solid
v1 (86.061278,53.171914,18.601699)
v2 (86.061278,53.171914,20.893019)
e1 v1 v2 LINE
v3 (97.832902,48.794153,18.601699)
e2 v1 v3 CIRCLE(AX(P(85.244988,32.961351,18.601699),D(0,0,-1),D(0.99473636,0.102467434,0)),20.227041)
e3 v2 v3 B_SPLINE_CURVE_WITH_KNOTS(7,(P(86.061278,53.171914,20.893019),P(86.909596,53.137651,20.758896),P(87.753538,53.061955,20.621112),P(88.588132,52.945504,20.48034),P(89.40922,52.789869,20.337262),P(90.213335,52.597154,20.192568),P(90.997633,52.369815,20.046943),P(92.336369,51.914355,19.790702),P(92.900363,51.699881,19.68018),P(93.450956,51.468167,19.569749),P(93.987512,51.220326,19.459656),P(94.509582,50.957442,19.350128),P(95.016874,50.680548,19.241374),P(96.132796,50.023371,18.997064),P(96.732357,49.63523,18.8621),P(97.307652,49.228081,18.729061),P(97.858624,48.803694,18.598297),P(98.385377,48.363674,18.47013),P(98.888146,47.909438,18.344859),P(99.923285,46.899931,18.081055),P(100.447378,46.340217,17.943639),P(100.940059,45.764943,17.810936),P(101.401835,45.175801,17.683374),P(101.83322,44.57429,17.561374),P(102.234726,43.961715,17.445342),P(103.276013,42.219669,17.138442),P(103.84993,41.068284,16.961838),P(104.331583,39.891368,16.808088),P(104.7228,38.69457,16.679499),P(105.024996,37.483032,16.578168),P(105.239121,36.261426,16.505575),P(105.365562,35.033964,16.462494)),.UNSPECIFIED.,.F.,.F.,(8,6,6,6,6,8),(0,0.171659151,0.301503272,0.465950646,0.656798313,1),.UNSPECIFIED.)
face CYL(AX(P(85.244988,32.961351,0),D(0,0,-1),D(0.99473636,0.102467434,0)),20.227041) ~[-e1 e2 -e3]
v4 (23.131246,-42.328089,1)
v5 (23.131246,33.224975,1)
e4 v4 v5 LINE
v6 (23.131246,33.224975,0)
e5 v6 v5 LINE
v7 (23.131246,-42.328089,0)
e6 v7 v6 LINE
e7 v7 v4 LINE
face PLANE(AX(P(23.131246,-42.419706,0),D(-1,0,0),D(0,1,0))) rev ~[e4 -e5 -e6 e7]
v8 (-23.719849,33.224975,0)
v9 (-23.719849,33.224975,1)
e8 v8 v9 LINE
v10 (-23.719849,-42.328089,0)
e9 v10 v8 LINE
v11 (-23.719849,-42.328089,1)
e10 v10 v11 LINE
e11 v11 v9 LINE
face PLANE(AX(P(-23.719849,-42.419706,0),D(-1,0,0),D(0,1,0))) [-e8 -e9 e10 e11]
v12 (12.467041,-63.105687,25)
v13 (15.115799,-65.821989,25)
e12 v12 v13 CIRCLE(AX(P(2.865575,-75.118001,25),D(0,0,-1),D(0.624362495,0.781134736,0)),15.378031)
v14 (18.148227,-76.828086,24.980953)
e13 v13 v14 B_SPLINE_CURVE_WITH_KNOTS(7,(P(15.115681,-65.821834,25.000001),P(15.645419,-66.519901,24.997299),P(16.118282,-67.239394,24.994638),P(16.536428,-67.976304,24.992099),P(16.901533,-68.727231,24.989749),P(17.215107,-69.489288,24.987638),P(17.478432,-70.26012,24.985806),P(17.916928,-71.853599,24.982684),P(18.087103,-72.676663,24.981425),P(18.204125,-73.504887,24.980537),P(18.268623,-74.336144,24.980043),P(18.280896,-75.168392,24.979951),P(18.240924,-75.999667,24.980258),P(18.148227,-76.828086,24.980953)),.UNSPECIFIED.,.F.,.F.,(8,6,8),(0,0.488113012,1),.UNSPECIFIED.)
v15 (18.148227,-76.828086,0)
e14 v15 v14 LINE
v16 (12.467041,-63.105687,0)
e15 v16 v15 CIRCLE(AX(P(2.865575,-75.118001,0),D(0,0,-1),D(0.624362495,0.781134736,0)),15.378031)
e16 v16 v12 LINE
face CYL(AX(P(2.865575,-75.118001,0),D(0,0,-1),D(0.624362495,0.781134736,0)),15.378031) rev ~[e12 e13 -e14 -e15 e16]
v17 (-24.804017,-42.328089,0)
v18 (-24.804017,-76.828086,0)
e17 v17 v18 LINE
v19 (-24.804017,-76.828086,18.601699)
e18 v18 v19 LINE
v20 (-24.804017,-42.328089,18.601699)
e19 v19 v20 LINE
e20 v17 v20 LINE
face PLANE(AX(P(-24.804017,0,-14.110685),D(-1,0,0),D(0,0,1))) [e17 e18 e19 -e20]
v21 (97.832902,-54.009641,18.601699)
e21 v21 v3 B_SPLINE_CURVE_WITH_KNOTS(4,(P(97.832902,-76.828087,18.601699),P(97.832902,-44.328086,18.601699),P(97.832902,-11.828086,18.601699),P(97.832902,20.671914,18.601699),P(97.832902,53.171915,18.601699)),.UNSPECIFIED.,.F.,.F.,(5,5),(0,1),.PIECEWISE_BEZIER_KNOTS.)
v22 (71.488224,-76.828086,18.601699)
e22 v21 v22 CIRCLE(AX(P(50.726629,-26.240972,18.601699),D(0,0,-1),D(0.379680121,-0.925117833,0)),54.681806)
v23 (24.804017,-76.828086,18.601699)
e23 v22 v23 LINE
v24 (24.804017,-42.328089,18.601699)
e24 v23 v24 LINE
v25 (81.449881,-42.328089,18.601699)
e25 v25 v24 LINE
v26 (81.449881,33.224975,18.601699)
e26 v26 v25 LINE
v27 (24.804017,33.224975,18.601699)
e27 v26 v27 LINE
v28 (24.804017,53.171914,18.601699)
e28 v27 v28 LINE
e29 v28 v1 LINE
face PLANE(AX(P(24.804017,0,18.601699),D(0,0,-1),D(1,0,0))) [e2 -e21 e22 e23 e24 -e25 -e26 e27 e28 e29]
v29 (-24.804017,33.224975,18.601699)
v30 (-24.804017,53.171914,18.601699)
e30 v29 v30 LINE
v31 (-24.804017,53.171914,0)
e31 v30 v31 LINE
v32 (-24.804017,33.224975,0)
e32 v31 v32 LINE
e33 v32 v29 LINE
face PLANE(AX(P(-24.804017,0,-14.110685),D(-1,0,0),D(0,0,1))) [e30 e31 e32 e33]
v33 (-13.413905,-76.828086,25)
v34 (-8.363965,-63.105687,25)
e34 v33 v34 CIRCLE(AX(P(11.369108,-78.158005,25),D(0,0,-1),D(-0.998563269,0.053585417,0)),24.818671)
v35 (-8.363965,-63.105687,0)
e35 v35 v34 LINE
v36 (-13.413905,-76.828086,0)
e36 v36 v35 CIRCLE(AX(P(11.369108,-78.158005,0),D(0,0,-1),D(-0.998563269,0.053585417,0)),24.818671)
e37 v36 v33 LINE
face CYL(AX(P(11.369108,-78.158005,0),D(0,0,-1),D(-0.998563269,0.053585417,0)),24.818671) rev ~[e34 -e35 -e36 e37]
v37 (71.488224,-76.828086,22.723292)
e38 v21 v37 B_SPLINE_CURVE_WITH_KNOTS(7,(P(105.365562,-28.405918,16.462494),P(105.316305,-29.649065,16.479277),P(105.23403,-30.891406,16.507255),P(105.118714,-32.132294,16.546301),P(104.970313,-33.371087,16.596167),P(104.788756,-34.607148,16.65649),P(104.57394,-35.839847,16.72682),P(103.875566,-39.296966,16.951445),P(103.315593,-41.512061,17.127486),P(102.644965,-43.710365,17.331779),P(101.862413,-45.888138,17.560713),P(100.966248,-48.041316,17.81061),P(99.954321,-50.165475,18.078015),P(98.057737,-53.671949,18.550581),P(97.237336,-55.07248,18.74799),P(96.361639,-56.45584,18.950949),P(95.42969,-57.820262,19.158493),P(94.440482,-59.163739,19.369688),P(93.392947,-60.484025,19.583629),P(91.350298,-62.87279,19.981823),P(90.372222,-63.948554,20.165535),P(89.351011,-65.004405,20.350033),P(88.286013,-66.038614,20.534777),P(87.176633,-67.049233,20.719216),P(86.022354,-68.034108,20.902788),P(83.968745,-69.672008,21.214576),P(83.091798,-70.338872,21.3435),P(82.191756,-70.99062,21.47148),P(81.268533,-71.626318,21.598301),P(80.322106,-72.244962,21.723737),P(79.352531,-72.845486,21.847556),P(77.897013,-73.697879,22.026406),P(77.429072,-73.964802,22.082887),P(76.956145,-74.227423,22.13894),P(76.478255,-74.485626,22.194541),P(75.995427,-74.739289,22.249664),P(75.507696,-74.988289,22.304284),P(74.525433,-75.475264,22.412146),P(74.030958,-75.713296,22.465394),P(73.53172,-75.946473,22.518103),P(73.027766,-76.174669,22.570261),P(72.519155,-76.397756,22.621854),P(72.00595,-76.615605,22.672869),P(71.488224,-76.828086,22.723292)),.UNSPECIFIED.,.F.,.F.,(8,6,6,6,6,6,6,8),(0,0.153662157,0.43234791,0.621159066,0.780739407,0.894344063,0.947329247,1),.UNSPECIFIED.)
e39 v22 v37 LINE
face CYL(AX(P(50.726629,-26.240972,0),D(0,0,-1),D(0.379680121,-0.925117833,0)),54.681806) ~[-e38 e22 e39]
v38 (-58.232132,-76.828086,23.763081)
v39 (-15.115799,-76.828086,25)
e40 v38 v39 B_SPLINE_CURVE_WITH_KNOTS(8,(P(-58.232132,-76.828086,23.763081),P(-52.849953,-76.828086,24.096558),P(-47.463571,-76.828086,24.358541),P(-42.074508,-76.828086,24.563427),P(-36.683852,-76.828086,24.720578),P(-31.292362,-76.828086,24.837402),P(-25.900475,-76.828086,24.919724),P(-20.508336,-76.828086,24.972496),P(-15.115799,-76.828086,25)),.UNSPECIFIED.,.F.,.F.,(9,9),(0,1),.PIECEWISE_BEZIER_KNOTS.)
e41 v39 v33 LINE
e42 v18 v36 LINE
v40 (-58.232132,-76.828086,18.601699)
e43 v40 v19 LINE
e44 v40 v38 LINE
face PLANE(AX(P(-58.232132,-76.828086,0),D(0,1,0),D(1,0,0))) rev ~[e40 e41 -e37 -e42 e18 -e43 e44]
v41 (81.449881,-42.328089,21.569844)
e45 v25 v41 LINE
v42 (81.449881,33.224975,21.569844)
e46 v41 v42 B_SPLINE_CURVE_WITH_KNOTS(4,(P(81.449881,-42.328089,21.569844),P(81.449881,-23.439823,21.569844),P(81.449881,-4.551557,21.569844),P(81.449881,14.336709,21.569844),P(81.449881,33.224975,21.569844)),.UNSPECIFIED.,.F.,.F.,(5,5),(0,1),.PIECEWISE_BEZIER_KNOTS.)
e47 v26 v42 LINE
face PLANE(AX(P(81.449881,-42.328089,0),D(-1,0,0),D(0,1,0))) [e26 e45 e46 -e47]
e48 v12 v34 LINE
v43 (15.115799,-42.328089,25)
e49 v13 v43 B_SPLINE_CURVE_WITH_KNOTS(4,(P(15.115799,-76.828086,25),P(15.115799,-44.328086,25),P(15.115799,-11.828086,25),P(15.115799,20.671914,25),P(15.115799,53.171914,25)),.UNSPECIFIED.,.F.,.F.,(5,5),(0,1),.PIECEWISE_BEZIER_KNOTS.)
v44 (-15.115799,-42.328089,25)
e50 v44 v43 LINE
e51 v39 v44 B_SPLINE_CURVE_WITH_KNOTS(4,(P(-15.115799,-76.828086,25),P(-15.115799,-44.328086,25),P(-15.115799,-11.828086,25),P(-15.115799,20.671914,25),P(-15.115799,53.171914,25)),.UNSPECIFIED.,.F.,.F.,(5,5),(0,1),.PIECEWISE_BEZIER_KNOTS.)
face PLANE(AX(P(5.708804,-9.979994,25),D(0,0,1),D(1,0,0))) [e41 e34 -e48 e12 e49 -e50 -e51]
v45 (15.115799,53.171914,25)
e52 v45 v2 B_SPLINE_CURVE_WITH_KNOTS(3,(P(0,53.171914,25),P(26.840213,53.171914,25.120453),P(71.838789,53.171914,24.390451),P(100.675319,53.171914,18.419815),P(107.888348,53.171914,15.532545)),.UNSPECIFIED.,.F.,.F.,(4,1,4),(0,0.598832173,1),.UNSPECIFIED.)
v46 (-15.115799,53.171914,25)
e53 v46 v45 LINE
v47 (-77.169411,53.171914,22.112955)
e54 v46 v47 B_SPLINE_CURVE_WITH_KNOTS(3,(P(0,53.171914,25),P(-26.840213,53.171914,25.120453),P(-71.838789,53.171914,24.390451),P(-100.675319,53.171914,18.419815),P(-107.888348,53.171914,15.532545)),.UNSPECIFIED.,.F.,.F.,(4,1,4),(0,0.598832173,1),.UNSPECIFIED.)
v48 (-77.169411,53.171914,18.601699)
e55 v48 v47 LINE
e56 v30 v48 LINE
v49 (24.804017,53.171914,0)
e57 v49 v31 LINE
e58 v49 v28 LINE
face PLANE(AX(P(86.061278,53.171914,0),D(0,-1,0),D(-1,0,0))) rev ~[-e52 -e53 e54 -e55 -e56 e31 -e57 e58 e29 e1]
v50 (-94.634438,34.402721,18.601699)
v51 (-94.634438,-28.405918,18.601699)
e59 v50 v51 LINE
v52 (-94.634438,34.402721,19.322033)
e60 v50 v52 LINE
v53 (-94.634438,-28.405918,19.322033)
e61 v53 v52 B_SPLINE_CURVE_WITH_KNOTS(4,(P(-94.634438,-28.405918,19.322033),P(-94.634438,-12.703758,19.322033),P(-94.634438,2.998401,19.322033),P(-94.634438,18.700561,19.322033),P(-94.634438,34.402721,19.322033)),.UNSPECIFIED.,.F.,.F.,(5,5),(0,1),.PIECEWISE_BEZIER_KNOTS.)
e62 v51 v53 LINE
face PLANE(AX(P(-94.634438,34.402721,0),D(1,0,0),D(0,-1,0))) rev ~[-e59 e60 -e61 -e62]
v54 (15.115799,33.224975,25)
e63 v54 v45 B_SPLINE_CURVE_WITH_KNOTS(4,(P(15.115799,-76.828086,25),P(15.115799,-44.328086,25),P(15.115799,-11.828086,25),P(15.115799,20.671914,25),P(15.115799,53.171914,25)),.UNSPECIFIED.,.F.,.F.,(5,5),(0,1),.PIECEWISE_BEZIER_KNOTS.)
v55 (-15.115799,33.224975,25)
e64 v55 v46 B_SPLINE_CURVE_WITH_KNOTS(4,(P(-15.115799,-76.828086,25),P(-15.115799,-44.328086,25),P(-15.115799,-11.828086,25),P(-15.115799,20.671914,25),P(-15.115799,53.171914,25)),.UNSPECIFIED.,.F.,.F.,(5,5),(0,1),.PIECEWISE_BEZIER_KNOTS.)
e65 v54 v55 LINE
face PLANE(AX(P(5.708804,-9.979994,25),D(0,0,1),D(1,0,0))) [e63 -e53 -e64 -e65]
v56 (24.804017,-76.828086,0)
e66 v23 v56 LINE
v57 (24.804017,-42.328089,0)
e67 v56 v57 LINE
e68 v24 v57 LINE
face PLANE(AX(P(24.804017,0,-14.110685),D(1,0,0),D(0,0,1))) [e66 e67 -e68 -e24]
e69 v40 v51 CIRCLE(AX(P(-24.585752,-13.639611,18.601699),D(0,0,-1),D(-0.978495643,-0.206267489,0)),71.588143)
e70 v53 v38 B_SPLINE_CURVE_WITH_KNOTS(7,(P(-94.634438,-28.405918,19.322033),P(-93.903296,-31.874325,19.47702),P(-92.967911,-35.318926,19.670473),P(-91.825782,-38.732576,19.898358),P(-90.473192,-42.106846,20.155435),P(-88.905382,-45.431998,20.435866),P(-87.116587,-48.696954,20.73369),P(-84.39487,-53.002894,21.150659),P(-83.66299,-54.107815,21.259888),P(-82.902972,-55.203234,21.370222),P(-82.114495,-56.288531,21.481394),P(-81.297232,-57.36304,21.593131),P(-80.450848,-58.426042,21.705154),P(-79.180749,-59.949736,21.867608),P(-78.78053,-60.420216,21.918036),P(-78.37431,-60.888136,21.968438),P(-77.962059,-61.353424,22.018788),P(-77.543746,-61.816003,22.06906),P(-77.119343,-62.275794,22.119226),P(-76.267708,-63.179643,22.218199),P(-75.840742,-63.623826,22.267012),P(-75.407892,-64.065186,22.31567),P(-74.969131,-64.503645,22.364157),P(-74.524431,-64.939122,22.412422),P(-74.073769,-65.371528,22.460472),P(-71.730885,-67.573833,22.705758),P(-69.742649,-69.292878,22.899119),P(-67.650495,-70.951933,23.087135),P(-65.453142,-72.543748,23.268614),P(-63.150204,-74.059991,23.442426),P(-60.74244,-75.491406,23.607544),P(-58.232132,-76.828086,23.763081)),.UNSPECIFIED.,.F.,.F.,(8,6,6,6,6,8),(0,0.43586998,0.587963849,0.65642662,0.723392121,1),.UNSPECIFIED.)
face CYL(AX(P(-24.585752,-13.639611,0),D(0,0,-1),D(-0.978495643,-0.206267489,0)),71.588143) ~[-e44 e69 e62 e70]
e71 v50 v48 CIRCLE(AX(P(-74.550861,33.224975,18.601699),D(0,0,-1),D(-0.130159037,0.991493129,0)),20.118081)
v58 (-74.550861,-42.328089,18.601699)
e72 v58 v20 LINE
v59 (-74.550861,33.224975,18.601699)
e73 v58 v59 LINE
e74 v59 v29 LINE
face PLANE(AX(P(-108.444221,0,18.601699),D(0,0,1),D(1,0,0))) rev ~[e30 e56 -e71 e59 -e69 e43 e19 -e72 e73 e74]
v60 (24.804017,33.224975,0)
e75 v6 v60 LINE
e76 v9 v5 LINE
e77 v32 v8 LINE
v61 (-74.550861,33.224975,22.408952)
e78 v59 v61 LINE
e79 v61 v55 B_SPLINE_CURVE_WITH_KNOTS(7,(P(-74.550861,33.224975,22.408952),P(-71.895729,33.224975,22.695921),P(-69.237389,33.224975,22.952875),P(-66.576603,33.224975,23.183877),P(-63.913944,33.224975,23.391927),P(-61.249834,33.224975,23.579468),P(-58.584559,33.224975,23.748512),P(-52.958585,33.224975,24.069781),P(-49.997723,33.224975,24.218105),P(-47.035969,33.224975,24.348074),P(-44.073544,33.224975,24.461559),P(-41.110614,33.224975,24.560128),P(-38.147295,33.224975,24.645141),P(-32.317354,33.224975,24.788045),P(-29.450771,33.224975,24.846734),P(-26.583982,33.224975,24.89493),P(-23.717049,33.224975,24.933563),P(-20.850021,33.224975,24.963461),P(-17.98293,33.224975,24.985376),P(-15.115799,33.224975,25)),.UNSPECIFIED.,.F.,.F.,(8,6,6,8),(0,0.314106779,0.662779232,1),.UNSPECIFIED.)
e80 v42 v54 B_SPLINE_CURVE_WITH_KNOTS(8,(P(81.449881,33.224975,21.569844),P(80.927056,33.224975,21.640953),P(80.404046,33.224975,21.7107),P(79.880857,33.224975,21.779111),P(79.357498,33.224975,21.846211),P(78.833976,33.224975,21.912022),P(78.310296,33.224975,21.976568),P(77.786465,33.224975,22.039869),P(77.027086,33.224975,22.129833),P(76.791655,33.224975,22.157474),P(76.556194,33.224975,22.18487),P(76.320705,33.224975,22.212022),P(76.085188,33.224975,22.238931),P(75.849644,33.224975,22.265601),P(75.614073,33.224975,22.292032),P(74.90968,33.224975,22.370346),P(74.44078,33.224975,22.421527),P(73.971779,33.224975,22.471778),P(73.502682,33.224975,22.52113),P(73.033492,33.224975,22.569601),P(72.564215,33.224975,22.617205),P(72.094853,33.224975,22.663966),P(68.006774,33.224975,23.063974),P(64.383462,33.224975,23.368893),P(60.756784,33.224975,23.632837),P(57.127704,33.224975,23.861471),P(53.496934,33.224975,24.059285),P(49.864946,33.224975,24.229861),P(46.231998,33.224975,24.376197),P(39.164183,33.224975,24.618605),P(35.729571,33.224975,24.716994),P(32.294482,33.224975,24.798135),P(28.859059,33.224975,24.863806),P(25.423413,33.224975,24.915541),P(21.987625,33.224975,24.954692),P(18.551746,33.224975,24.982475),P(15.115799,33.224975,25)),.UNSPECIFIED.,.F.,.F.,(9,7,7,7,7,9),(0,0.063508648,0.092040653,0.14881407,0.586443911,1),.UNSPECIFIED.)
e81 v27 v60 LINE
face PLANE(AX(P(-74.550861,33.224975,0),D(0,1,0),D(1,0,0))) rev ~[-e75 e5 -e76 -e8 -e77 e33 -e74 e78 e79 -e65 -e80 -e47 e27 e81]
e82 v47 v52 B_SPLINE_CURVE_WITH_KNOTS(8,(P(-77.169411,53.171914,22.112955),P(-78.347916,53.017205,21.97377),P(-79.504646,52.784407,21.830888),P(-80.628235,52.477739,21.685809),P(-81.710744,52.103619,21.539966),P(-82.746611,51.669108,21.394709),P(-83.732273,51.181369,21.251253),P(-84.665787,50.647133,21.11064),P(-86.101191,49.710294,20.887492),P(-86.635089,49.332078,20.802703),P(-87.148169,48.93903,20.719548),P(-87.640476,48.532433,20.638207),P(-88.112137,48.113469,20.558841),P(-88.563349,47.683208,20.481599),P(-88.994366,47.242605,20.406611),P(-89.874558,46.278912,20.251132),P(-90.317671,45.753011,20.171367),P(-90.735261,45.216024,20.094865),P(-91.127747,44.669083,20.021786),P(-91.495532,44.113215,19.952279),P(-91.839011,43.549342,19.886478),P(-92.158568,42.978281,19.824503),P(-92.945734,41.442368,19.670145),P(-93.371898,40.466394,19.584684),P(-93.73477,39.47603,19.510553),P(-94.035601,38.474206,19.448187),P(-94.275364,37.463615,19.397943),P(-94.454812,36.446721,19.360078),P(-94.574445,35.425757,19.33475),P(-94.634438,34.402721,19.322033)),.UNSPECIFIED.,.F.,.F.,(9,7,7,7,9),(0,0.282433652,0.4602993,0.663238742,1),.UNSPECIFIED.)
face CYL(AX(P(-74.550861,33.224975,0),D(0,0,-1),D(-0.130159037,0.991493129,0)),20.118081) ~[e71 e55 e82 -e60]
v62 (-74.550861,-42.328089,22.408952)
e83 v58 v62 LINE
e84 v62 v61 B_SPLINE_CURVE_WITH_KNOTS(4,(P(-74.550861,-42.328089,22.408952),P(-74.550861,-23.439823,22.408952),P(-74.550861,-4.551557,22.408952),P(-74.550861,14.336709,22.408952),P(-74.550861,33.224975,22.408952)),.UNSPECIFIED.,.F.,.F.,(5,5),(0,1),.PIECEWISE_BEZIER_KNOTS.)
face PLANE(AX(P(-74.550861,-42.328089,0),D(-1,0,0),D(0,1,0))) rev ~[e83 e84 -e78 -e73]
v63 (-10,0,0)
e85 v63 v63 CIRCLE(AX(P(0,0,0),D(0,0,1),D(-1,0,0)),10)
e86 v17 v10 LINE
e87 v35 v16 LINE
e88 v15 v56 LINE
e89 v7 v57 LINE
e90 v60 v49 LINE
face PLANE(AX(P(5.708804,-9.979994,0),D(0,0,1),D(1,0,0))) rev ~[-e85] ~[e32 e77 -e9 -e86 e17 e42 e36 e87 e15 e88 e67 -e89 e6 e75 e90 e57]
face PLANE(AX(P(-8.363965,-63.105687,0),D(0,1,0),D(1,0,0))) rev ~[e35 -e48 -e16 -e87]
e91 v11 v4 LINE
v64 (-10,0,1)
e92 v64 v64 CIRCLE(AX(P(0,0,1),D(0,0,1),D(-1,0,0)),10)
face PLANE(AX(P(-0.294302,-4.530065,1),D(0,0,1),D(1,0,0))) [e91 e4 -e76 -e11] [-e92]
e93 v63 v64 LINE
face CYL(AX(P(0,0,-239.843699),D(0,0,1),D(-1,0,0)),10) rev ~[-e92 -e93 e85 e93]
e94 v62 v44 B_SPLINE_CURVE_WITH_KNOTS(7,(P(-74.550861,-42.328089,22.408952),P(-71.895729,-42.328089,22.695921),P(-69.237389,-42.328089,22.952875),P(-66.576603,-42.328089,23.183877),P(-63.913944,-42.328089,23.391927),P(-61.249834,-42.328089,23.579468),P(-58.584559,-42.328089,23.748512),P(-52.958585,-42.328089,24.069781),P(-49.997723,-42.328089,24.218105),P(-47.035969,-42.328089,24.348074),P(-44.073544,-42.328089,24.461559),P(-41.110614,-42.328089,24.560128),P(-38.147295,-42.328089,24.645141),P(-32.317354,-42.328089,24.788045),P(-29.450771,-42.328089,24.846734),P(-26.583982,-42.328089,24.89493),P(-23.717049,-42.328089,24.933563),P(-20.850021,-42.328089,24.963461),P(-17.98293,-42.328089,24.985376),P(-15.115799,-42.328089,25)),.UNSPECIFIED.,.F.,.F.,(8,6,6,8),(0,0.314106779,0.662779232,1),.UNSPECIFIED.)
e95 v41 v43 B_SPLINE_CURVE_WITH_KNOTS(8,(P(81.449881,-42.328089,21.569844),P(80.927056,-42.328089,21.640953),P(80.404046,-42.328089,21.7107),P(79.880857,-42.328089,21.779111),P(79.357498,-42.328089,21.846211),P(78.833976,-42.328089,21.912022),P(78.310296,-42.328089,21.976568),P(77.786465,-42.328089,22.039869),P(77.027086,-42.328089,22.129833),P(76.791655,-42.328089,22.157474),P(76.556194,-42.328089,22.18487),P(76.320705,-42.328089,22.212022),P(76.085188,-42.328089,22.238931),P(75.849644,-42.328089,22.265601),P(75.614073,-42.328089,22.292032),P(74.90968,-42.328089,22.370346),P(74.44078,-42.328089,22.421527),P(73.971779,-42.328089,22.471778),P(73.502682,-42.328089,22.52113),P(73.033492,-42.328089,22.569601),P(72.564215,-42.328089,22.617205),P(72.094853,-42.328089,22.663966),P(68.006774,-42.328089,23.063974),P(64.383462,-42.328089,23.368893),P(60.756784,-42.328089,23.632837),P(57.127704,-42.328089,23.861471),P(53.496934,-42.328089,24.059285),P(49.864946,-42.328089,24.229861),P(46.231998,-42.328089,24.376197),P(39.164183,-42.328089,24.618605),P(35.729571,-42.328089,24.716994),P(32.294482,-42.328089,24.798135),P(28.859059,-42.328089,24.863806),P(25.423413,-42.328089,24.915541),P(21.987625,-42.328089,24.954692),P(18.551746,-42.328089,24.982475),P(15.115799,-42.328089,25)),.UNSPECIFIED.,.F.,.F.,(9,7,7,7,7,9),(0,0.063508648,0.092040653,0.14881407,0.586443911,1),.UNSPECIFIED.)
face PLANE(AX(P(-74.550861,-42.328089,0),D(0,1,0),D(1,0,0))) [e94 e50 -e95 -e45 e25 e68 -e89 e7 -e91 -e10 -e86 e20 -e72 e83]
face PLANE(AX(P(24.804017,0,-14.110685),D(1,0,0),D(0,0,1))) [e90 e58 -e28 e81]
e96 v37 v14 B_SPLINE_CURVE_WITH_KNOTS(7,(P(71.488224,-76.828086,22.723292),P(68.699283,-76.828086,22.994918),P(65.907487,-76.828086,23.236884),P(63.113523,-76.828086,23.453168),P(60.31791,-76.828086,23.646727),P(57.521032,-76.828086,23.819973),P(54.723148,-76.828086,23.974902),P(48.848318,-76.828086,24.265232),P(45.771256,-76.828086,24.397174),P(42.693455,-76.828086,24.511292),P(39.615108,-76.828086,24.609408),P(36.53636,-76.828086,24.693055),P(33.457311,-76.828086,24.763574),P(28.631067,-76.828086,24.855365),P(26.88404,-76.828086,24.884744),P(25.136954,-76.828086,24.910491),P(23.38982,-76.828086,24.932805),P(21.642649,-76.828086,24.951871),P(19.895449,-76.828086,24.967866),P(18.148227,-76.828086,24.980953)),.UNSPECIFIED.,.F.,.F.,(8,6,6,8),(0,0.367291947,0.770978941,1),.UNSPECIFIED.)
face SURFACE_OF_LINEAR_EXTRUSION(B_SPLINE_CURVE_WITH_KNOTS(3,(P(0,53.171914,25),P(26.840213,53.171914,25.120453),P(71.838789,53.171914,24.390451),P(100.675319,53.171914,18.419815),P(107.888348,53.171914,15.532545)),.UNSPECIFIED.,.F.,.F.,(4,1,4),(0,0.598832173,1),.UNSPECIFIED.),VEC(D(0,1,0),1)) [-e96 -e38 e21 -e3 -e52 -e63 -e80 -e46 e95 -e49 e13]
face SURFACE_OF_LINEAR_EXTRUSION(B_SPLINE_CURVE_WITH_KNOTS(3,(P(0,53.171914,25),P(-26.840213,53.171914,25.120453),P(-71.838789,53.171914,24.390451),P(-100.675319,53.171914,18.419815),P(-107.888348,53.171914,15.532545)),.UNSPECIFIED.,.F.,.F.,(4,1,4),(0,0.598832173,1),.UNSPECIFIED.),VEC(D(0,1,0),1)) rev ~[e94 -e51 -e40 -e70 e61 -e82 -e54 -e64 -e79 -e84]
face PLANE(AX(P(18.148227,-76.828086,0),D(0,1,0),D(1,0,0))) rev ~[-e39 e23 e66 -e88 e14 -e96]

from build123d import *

# Parameters (mm, degrees)
F0_W     = 156.0007420911
F0_H     = 75.5530648724
F1_DEPTH = 25
F2_W     = 46.8510948122
F2_H     = 75.7792815566
F3_DEPTH = 1
F5_D     = 20
F7_DEPTH = 255
F8_W     = 83.6402047426
F8_H     = 32.7123841271
F9_DEPTH = 100


with BuildPart() as f1:
    # F0 (on Top) → F1 (new body)
    with BuildSketch(Plane.XY):
        with BuildLine():
            Line((84.4286978245, 53.1719140444), (-77.1694108844, 53.1719140444))
            ThreePointArc((-77.1694108844, 53.1719140444), (-89.2789735535, 46.929714102), (-94.6344383061, 34.4027206302))
            Line((-94.6344383061, 34.4027206302), (-94.6344383061, -28.4059178084))
            ThreePointArc((-94.6344383061, -28.4059178084), (-81.8076298673, -56.6572698383), (-58.2321323454, -76.8280859556))
            Line((-58.2321323454, -76.8280859556), (-13.4139051661, -76.8280859556))
            ThreePointArc((-13.4139051661, -76.8280859556), (-11.9224470417, -69.5865469722), (-8.3639649674, -63.105687499))
            Line((-8.3639649674, -63.105687499), (12.4670406803, -63.105687499))
            ThreePointArc((12.4670406803, -63.105687499), (17.0740541232, -69.2355741117), (18.1482266635, -76.8280859556))
            Line((18.1482266635, -76.8280859556), (71.4882239699, -76.8280859556))
            ThreePointArc((71.4882239699, -76.8280859556), (95.5316118327, -57.587637734), (105.3655616939, -28.4059178084))
            Line((105.3655616939, -28.4059178084), (105.3655616939, 35.0339636207))
            ThreePointArc((105.3655616939, 35.0339636207), (99.0954169594, 47.7024097941), (86.0612784494, 53.1719140444))
            Line((86.0612784494, 53.1719140444), (84.4286978245, 53.1719140444))
        make_face()
        with Locations((3.4495101505, -4.5515570394)):
            Rectangle(F0_W, F0_H, mode=Mode.SUBTRACT)
    extrude(amount=F1_DEPTH)

    # F2 (on Top) → F3 (join)
    with BuildSketch(Plane.XY):
        with Locations((-0.2943016589, -4.5300647616)):
            Rectangle(F2_W, F2_H)
    extrude(amount=F3_DEPTH)

    # F5 (through all)
    with Locations(Plane(origin=(0, 0, 0), x_dir=(1, 0, 0), z_dir=(0, 0, -1))):
        with Locations((0, 0)):
            Hole(F5_D / 2)

    # F6 (on face) → F7 (cut)
    with BuildSketch(Plane(origin=(0, 53.1719140444, 0), x_dir=(-1, 0, 0), z_dir=(0, 1, 0))):
        with BuildLine():
            Line((20.4541144112, 28.5491645336), (0, 25))
            add(Edge.make_bspline(
                [(0, 25), (26.840212886, 25.1204533791), (71.8387888182, 24.3904514867), (100.6753190799, 18.4198146688), (107.8883484006, 15.5325448141)],
                knots=[0, 0, 0, 0, 0.5988321729, 1, 1, 1, 1], degree=3))
            Line((107.8883484006, 15.5325448141), (107.8883484006, 28.5491645336))
            Line((107.8883484006, 28.5491645336), (20.4541144112, 28.5491645336))
        make_face()
        with BuildLine():
            add(Edge.make_bspline(
                [(0, 25), (-26.840212886, 25.1204533791), (-71.8387888182, 24.3904514867), (-100.6753190799, 18.4198146688), (-107.8883484006, 15.5325448141)],
                knots=[0, 0, 0, 0, 0.5988321729, 1, 1, 1, 1], degree=3))
            Line((0, 25), (-20.4541144112, 28.5491645336))
            Line((-20.4541144112, 28.5491645336), (-107.8883484006, 28.5491645336))
            Line((-107.8883484006, 28.5491645336), (-107.8883484006, 15.5325448141))
        make_face()
    extrude(amount=-F7_DEPTH, mode=Mode.SUBTRACT)

    # F8 (on Front) → F9 (cut, symmetric)
    with BuildSketch(Plane.XZ):
        with Locations((-66.6241189465, 2.2455067374)):
            Rectangle(F8_W, F8_H)
        with Locations((66.6241189465, 2.2455067374)):
            Rectangle(F8_W, F8_H)
    extrude(amount=F9_DEPTH, both=True, mode=Mode.SUBTRACT)


solid = f1.part
